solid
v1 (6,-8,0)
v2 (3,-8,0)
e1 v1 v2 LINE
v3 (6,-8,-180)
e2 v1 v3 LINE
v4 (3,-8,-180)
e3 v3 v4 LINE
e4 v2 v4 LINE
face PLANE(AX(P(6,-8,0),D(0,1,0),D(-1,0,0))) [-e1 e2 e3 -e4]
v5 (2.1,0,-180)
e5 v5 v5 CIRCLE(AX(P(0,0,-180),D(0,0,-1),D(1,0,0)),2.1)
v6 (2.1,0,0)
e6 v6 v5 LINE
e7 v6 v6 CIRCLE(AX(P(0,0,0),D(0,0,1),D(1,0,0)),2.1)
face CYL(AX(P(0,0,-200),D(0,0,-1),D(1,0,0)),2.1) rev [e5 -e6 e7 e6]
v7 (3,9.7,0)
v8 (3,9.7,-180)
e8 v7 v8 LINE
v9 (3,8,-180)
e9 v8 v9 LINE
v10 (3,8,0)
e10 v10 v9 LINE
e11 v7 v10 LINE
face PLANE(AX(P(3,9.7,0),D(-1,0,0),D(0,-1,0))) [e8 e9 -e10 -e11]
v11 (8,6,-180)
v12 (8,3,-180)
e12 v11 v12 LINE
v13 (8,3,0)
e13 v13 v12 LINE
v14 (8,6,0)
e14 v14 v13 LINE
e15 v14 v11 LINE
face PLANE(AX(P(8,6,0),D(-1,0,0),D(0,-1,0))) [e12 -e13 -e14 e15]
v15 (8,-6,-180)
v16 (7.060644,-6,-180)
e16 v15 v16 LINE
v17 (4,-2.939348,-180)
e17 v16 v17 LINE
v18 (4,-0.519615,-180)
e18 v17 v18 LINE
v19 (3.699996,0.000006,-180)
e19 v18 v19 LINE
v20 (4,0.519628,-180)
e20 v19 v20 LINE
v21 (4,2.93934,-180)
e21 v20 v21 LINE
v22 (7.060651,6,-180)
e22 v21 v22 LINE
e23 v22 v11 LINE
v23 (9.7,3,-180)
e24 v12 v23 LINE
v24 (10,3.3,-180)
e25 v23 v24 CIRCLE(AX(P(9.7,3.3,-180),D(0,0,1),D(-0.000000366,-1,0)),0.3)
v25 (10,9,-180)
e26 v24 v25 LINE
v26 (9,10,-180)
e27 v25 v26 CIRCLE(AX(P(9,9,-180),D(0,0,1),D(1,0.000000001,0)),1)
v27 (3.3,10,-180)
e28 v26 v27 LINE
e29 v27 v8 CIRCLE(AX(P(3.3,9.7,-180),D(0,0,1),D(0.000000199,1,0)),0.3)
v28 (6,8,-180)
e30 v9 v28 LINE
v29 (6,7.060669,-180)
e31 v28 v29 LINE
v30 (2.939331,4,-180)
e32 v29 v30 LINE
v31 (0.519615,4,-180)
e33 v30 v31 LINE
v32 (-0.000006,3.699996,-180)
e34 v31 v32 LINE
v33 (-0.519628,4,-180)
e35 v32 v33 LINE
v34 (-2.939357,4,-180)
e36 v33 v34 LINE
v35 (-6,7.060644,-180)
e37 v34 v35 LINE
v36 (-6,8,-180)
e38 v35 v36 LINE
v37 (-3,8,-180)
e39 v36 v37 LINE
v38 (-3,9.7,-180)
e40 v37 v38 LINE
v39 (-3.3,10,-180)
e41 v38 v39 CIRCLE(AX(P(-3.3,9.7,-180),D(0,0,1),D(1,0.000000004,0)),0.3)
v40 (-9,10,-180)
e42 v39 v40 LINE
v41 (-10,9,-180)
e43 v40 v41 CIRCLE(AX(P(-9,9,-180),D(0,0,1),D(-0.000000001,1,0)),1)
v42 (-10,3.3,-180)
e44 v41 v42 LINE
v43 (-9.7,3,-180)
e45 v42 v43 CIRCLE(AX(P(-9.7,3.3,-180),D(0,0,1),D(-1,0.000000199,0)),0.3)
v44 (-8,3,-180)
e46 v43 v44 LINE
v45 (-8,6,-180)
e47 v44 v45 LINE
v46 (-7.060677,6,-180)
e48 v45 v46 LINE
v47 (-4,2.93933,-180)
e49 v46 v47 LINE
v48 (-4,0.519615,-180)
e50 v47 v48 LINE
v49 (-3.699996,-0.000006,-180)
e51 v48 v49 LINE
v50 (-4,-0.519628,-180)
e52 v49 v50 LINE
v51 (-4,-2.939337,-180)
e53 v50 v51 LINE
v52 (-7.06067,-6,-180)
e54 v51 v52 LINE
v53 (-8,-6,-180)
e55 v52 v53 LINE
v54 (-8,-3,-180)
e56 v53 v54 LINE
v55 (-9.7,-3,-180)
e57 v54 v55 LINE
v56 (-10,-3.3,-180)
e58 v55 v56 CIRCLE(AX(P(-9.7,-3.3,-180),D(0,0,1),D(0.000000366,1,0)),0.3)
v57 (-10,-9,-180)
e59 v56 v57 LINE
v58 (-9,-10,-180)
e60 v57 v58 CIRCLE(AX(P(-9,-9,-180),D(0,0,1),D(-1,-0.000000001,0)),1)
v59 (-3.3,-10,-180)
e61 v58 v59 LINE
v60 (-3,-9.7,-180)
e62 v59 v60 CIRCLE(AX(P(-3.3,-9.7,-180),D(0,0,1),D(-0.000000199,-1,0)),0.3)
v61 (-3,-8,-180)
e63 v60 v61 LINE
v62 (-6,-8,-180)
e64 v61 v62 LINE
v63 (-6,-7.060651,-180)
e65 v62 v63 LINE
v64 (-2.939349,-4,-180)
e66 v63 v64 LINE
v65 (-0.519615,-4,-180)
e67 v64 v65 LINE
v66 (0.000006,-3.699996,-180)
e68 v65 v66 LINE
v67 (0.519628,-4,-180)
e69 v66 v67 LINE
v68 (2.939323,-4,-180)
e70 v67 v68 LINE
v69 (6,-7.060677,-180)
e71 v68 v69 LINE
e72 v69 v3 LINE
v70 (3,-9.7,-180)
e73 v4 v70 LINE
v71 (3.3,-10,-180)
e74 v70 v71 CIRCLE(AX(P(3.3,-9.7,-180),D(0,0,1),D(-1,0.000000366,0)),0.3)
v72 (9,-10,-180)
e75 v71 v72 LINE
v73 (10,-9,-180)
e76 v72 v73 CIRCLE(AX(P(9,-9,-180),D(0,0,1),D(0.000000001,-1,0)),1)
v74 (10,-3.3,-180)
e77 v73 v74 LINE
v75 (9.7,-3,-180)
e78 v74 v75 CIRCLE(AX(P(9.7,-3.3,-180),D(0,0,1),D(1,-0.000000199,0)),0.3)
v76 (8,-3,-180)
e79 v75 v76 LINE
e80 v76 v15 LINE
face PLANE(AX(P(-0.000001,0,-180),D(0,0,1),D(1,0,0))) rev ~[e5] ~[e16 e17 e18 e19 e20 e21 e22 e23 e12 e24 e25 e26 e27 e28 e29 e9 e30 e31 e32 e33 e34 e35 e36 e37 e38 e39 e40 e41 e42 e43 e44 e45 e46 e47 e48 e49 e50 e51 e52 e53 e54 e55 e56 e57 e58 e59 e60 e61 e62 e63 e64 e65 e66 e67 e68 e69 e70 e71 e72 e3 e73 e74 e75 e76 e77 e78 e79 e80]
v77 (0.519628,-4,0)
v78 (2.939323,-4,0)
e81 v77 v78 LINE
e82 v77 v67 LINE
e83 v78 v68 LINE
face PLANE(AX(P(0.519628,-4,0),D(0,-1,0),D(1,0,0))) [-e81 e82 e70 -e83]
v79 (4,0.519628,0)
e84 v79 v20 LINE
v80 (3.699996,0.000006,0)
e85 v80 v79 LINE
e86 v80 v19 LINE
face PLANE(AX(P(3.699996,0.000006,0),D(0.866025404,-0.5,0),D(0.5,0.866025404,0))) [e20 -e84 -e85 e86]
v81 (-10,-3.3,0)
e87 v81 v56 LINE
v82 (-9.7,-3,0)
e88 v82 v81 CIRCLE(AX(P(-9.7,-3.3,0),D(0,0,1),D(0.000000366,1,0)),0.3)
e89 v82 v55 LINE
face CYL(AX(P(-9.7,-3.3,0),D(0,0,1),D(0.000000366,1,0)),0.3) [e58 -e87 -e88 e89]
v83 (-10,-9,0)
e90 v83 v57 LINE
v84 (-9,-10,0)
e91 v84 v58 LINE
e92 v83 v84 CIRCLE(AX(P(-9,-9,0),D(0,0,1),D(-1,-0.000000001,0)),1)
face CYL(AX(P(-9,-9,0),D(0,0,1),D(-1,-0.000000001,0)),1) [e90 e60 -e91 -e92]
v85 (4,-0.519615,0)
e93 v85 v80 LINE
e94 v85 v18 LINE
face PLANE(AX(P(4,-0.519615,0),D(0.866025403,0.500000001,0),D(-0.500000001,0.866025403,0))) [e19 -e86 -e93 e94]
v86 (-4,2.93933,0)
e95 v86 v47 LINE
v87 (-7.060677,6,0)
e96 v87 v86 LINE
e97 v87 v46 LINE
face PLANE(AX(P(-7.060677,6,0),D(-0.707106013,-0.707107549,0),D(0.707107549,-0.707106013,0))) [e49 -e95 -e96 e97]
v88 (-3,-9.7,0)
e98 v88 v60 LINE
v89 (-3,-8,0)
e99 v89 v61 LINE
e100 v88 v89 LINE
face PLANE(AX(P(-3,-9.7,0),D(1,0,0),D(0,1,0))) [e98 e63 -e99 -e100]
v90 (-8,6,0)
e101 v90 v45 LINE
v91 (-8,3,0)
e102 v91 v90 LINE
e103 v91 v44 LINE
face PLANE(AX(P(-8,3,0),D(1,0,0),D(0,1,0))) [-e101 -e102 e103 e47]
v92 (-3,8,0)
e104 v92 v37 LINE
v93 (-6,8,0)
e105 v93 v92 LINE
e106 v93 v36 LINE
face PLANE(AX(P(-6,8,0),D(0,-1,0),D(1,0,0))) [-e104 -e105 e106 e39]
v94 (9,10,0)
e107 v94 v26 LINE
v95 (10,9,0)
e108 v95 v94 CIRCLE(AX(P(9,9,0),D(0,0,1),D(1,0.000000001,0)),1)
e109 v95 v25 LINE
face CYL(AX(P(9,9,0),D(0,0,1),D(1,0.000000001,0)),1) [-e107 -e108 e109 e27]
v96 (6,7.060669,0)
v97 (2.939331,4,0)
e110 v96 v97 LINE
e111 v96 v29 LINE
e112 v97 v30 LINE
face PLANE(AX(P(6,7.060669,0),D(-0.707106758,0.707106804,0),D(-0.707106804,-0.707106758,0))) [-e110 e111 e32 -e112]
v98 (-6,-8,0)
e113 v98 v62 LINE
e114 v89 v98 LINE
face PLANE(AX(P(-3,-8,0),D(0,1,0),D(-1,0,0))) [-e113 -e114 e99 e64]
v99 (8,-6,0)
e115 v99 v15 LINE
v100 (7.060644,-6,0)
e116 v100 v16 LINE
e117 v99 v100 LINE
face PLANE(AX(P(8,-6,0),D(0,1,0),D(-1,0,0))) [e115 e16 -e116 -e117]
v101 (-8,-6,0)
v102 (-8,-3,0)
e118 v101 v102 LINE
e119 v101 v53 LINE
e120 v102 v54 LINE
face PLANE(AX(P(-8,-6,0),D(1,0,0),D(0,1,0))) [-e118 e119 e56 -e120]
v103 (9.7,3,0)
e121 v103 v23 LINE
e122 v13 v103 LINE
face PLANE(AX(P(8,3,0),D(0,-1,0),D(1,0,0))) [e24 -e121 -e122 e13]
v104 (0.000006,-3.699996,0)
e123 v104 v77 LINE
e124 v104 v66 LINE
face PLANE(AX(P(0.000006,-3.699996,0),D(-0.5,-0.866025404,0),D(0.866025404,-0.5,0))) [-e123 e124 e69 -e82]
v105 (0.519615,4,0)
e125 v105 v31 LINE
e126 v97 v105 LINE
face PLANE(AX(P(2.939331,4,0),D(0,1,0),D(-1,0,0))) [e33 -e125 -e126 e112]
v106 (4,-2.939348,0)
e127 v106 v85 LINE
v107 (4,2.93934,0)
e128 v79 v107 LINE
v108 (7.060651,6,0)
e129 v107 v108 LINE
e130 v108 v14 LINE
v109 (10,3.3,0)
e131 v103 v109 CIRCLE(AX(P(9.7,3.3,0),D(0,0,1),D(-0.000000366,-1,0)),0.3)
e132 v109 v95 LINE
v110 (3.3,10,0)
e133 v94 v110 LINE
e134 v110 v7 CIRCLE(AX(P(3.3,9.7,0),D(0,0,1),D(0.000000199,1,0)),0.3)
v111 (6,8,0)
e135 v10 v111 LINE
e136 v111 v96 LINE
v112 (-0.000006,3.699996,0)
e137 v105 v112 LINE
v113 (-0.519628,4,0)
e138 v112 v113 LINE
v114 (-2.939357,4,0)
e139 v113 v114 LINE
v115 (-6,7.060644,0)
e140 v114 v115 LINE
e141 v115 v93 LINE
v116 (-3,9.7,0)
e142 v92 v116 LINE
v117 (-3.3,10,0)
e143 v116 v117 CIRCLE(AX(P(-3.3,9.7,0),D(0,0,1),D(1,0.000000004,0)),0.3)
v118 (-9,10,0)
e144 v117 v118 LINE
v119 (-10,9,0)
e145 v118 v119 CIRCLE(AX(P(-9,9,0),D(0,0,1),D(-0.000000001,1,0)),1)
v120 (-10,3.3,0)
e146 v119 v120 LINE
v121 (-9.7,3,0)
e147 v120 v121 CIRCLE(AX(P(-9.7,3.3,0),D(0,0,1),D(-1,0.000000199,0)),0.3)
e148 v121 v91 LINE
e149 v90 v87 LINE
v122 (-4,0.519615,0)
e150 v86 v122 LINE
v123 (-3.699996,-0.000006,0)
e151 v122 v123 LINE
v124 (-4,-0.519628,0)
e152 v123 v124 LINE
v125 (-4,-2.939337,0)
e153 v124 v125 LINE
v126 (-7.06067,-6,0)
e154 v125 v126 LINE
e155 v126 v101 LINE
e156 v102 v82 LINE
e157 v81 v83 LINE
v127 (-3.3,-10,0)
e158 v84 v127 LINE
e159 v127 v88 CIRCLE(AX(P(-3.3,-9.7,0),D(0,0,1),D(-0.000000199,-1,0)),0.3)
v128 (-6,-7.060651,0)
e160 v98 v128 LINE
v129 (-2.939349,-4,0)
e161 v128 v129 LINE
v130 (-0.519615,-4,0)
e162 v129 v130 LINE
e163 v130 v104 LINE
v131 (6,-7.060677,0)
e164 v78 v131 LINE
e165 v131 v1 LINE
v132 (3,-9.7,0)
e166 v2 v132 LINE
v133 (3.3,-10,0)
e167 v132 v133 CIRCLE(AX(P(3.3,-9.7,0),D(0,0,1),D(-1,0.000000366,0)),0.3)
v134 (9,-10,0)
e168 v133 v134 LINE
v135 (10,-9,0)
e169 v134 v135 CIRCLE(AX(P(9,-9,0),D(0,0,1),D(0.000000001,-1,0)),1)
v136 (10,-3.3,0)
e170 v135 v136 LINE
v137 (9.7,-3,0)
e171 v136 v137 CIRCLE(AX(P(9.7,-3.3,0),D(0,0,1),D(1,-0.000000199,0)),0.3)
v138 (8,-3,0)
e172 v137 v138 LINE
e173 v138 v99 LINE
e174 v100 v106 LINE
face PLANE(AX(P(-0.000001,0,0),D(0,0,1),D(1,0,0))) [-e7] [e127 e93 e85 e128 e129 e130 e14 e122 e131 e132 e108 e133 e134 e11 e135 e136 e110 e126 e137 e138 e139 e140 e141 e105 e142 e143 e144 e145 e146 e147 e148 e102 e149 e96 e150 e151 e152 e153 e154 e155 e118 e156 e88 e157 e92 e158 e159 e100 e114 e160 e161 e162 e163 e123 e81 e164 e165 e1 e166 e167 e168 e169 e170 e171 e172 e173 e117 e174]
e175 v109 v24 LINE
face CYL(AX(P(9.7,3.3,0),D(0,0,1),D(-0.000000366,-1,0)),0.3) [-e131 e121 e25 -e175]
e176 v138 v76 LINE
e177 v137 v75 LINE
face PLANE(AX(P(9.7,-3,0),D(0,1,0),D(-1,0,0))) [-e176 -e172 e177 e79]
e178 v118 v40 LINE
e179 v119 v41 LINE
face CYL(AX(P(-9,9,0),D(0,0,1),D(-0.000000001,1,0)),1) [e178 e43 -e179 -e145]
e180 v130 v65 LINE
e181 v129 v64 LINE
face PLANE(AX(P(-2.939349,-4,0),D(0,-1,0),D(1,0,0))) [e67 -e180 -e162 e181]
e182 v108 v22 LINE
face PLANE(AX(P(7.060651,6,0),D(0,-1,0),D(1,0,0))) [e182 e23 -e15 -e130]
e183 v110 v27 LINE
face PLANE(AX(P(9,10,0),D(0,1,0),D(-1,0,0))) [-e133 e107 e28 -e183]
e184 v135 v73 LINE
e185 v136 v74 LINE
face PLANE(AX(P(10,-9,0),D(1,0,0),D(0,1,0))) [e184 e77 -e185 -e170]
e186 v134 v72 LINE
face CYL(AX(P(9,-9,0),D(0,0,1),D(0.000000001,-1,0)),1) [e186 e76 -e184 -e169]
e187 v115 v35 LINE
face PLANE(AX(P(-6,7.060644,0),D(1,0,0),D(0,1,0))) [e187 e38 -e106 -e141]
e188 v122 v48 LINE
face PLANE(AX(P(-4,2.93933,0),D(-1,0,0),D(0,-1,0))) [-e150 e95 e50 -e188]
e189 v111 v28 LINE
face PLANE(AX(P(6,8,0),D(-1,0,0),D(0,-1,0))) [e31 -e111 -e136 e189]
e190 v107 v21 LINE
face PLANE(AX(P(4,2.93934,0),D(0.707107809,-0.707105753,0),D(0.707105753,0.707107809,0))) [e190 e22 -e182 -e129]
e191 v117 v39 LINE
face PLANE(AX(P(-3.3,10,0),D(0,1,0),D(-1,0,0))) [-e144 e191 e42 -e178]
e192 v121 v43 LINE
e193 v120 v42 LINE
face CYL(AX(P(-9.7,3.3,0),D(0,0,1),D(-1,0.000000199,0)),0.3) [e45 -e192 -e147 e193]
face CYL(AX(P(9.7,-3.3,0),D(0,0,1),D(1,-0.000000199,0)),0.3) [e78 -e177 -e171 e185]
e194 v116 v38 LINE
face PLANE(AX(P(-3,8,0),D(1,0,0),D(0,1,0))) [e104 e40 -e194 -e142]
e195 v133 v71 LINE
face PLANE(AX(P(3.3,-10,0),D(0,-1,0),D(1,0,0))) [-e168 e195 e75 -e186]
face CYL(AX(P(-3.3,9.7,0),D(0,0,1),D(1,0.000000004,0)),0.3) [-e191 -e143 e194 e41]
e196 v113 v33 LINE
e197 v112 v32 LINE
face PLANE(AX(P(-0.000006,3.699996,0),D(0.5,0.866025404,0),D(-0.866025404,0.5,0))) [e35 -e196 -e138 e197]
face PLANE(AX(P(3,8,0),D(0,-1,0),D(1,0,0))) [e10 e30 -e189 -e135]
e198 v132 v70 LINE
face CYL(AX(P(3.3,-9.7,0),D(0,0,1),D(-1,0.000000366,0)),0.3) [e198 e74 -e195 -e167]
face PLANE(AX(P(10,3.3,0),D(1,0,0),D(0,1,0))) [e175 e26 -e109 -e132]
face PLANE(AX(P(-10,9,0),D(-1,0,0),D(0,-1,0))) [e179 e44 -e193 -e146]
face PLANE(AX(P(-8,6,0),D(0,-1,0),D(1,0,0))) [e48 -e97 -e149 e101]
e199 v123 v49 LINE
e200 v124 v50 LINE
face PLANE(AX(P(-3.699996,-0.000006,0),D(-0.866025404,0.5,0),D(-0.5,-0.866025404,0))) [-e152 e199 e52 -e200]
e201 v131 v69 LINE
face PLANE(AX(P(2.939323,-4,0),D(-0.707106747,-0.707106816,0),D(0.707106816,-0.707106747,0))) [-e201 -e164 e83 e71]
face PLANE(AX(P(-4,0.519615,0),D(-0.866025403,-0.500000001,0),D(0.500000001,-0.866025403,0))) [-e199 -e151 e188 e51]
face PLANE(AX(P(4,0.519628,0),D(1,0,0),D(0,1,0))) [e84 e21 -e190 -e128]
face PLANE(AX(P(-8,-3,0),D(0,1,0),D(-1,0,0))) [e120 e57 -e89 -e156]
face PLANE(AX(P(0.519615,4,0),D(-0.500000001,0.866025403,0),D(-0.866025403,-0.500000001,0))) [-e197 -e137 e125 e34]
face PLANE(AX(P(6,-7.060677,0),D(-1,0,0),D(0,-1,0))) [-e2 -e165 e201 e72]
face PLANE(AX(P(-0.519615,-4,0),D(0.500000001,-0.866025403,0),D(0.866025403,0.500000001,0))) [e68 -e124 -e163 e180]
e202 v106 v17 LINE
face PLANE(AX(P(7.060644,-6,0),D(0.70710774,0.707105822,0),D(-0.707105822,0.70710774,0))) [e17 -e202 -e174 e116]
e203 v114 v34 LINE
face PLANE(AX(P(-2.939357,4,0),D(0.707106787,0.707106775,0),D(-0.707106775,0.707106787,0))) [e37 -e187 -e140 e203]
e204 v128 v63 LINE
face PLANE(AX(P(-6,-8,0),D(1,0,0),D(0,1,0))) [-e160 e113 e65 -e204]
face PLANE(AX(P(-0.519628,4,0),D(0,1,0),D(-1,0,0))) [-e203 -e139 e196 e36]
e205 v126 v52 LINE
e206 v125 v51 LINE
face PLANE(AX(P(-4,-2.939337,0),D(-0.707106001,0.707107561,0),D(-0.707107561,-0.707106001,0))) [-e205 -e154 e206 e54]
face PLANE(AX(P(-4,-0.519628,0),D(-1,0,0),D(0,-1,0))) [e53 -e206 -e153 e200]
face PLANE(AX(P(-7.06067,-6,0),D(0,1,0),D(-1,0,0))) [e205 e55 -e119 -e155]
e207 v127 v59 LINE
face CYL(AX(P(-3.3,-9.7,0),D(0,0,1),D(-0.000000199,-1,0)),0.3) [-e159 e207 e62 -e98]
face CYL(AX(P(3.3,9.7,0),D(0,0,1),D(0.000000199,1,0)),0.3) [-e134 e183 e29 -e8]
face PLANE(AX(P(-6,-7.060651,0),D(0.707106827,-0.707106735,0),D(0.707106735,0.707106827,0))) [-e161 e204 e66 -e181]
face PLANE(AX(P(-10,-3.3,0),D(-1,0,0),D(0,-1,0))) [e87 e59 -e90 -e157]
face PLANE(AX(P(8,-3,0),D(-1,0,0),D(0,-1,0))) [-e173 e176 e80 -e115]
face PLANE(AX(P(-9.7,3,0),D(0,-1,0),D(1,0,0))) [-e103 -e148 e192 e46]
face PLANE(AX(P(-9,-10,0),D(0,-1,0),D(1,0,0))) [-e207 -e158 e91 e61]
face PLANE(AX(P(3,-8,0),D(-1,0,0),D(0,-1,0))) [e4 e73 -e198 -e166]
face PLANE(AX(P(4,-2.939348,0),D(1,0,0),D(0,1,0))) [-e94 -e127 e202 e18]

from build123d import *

# Parameters (mm, degrees)
BOSS_EXTRUDE1_DEPTH = 180
SKETCH2_W           = 400
SKETCH2_H           = 2.1


with BuildPart() as part:
    # Sketch1 → Boss-Extrude1 (new body)
    with BuildSketch(Plane.XY):
        with BuildLine():
            Line((-10, 9), (-10, 3.29999995))
            ThreePointArc((-10, 3.29999995), (-9.912132049, 3.087867916), (-9.7, 3))
            Line((-9.7, 3), (-8, 3))
            Line((-8, 3), (-8, 6))
            Line((-8, 6), (-7.060677, 6))
            Line((-7.060677, 6), (-4, 2.93932965))
            Line((-4, 2.93932965), (-4, 0.519615242))
            Line((-4, 0.519615242), (-3.699996283, -6.437e-06))
            Line((-3.699996283, -6.437e-06), (-4, -0.519628117))
            Line((-4, -0.519628117), (-4, -2.93933725))
            Line((-4, -2.93933725), (-7.0606695, -6))
            Line((-7.0606695, -6), (-8, -6))
            Line((-8, -6), (-8, -3))
            Line((-8, -3), (-9.7, -3))
            ThreePointArc((-9.7, -3), (-9.912132049, -3.087867916), (-10, -3.29999995))
            Line((-10, -3.29999995), (-10, -9))
            ThreePointArc((-10, -9), (-9.707106781, -9.707106781), (-9, -10))
            Line((-9, -10), (-3.29999995, -10))
            ThreePointArc((-3.29999995, -10), (-3.087867916, -9.912132049), (-3, -9.7))
            Line((-3, -9.7), (-3, -8))
            Line((-3, -8), (-6, -8))
            Line((-6, -8), (-6, -7.0606515))
            Line((-6, -7.0606515), (-2.9393489, -4))
            Line((-2.9393489, -4), (-0.519615242, -4))
            Line((-0.519615242, -4), (6.437e-06, -3.699996283))
            Line((6.437e-06, -3.699996283), (0.519628117, -4))
            Line((0.519628117, -4), (2.9393227, -4))
            Line((2.9393227, -4), (6, -7.060677))
            Line((6, -7.060677), (6, -8))
            Line((6, -8), (3, -8))
            Line((3, -8), (3, -9.7))
            ThreePointArc((3, -9.7), (3.087867916, -9.912132049), (3.29999995, -10))
            Line((3.29999995, -10), (9, -10))
            ThreePointArc((9, -10), (9.707106781, -9.707106781), (10, -9))
            Line((10, -9), (10, -3.29999995))
            ThreePointArc((10, -3.29999995), (9.912132049, -3.087867916), (9.7, -3))
            Line((9.7, -3), (8, -3))
            Line((8, -3), (8, -6))
            Line((8, -6), (7.0606435, -6))
            Line((7.0606435, -6), (4, -2.9393482))
            Line((4, -2.9393482), (4, -0.519615242))
            Line((4, -0.519615242), (3.699996283, 6.437e-06))
            Line((3.699996283, 6.437e-06), (4, 0.519628117))
            Line((4, 0.519628117), (4, 2.9393401))
            Line((4, 2.9393401), (7.060651, 6))
            Line((7.060651, 6), (8, 6))
            Line((8, 6), (8, 3))
            Line((8, 3), (9.7, 3))
            ThreePointArc((9.7, 3), (9.912132049, 3.087867916), (10, 3.29999995))
            Line((10, 3.29999995), (10, 9))
            ThreePointArc((10, 9), (9.707106781, 9.707106781), (9, 10))
            Line((9, 10), (3.29999995, 10))
            ThreePointArc((3.29999995, 10), (3.087867916, 9.912132049), (3, 9.7))
            Line((3, 9.7), (3, 8))
            Line((3, 8), (6, 8))
            Line((6, 8), (6, 7.060669))
            Line((6, 7.060669), (2.9393308, 4))
            Line((2.9393308, 4), (0.519615242, 4))
            Line((0.519615242, 4), (-6.437e-06, 3.699996283))
            Line((-6.437e-06, 3.699996283), (-0.519628117, 4))
            Line((-0.519628117, 4), (-2.93935655, 4))
            Line((-2.93935655, 4), (-6, 7.0606435))
            Line((-6, 7.0606435), (-6, 8))
            Line((-6, 8), (-3, 8))
            Line((-3, 8), (-3, 9.7))
            ThreePointArc((-3, 9.7), (-3.087867966, 9.912132034), (-3.3, 10))
            Line((-3.3, 10), (-9, 10))
            ThreePointArc((-9, 10), (-9.707106781, 9.707106781), (-10, 9))
        make_face()
    extrude(amount=-BOSS_EXTRUDE1_DEPTH)

    # Sketch2 → Cut-Revolve1 (revolve, cut)
    with BuildSketch(Plane(origin=(0, 0, 0), x_dir=(0, 0, -1), z_dir=(1, 0, 0)), mode=Mode.PRIVATE) as cut_revolve1_sk:
        with Locations((200, 1.05)):
            Rectangle(SKETCH2_W, SKETCH2_H)
    revolve(cut_revolve1_sk.sketch.rotate(Axis((0, 0, -400), (0, 0, 1)), 270), axis=Axis((0, 0, -400), (0, 0, 1)), mode=Mode.SUBTRACT)


solid = part.part
